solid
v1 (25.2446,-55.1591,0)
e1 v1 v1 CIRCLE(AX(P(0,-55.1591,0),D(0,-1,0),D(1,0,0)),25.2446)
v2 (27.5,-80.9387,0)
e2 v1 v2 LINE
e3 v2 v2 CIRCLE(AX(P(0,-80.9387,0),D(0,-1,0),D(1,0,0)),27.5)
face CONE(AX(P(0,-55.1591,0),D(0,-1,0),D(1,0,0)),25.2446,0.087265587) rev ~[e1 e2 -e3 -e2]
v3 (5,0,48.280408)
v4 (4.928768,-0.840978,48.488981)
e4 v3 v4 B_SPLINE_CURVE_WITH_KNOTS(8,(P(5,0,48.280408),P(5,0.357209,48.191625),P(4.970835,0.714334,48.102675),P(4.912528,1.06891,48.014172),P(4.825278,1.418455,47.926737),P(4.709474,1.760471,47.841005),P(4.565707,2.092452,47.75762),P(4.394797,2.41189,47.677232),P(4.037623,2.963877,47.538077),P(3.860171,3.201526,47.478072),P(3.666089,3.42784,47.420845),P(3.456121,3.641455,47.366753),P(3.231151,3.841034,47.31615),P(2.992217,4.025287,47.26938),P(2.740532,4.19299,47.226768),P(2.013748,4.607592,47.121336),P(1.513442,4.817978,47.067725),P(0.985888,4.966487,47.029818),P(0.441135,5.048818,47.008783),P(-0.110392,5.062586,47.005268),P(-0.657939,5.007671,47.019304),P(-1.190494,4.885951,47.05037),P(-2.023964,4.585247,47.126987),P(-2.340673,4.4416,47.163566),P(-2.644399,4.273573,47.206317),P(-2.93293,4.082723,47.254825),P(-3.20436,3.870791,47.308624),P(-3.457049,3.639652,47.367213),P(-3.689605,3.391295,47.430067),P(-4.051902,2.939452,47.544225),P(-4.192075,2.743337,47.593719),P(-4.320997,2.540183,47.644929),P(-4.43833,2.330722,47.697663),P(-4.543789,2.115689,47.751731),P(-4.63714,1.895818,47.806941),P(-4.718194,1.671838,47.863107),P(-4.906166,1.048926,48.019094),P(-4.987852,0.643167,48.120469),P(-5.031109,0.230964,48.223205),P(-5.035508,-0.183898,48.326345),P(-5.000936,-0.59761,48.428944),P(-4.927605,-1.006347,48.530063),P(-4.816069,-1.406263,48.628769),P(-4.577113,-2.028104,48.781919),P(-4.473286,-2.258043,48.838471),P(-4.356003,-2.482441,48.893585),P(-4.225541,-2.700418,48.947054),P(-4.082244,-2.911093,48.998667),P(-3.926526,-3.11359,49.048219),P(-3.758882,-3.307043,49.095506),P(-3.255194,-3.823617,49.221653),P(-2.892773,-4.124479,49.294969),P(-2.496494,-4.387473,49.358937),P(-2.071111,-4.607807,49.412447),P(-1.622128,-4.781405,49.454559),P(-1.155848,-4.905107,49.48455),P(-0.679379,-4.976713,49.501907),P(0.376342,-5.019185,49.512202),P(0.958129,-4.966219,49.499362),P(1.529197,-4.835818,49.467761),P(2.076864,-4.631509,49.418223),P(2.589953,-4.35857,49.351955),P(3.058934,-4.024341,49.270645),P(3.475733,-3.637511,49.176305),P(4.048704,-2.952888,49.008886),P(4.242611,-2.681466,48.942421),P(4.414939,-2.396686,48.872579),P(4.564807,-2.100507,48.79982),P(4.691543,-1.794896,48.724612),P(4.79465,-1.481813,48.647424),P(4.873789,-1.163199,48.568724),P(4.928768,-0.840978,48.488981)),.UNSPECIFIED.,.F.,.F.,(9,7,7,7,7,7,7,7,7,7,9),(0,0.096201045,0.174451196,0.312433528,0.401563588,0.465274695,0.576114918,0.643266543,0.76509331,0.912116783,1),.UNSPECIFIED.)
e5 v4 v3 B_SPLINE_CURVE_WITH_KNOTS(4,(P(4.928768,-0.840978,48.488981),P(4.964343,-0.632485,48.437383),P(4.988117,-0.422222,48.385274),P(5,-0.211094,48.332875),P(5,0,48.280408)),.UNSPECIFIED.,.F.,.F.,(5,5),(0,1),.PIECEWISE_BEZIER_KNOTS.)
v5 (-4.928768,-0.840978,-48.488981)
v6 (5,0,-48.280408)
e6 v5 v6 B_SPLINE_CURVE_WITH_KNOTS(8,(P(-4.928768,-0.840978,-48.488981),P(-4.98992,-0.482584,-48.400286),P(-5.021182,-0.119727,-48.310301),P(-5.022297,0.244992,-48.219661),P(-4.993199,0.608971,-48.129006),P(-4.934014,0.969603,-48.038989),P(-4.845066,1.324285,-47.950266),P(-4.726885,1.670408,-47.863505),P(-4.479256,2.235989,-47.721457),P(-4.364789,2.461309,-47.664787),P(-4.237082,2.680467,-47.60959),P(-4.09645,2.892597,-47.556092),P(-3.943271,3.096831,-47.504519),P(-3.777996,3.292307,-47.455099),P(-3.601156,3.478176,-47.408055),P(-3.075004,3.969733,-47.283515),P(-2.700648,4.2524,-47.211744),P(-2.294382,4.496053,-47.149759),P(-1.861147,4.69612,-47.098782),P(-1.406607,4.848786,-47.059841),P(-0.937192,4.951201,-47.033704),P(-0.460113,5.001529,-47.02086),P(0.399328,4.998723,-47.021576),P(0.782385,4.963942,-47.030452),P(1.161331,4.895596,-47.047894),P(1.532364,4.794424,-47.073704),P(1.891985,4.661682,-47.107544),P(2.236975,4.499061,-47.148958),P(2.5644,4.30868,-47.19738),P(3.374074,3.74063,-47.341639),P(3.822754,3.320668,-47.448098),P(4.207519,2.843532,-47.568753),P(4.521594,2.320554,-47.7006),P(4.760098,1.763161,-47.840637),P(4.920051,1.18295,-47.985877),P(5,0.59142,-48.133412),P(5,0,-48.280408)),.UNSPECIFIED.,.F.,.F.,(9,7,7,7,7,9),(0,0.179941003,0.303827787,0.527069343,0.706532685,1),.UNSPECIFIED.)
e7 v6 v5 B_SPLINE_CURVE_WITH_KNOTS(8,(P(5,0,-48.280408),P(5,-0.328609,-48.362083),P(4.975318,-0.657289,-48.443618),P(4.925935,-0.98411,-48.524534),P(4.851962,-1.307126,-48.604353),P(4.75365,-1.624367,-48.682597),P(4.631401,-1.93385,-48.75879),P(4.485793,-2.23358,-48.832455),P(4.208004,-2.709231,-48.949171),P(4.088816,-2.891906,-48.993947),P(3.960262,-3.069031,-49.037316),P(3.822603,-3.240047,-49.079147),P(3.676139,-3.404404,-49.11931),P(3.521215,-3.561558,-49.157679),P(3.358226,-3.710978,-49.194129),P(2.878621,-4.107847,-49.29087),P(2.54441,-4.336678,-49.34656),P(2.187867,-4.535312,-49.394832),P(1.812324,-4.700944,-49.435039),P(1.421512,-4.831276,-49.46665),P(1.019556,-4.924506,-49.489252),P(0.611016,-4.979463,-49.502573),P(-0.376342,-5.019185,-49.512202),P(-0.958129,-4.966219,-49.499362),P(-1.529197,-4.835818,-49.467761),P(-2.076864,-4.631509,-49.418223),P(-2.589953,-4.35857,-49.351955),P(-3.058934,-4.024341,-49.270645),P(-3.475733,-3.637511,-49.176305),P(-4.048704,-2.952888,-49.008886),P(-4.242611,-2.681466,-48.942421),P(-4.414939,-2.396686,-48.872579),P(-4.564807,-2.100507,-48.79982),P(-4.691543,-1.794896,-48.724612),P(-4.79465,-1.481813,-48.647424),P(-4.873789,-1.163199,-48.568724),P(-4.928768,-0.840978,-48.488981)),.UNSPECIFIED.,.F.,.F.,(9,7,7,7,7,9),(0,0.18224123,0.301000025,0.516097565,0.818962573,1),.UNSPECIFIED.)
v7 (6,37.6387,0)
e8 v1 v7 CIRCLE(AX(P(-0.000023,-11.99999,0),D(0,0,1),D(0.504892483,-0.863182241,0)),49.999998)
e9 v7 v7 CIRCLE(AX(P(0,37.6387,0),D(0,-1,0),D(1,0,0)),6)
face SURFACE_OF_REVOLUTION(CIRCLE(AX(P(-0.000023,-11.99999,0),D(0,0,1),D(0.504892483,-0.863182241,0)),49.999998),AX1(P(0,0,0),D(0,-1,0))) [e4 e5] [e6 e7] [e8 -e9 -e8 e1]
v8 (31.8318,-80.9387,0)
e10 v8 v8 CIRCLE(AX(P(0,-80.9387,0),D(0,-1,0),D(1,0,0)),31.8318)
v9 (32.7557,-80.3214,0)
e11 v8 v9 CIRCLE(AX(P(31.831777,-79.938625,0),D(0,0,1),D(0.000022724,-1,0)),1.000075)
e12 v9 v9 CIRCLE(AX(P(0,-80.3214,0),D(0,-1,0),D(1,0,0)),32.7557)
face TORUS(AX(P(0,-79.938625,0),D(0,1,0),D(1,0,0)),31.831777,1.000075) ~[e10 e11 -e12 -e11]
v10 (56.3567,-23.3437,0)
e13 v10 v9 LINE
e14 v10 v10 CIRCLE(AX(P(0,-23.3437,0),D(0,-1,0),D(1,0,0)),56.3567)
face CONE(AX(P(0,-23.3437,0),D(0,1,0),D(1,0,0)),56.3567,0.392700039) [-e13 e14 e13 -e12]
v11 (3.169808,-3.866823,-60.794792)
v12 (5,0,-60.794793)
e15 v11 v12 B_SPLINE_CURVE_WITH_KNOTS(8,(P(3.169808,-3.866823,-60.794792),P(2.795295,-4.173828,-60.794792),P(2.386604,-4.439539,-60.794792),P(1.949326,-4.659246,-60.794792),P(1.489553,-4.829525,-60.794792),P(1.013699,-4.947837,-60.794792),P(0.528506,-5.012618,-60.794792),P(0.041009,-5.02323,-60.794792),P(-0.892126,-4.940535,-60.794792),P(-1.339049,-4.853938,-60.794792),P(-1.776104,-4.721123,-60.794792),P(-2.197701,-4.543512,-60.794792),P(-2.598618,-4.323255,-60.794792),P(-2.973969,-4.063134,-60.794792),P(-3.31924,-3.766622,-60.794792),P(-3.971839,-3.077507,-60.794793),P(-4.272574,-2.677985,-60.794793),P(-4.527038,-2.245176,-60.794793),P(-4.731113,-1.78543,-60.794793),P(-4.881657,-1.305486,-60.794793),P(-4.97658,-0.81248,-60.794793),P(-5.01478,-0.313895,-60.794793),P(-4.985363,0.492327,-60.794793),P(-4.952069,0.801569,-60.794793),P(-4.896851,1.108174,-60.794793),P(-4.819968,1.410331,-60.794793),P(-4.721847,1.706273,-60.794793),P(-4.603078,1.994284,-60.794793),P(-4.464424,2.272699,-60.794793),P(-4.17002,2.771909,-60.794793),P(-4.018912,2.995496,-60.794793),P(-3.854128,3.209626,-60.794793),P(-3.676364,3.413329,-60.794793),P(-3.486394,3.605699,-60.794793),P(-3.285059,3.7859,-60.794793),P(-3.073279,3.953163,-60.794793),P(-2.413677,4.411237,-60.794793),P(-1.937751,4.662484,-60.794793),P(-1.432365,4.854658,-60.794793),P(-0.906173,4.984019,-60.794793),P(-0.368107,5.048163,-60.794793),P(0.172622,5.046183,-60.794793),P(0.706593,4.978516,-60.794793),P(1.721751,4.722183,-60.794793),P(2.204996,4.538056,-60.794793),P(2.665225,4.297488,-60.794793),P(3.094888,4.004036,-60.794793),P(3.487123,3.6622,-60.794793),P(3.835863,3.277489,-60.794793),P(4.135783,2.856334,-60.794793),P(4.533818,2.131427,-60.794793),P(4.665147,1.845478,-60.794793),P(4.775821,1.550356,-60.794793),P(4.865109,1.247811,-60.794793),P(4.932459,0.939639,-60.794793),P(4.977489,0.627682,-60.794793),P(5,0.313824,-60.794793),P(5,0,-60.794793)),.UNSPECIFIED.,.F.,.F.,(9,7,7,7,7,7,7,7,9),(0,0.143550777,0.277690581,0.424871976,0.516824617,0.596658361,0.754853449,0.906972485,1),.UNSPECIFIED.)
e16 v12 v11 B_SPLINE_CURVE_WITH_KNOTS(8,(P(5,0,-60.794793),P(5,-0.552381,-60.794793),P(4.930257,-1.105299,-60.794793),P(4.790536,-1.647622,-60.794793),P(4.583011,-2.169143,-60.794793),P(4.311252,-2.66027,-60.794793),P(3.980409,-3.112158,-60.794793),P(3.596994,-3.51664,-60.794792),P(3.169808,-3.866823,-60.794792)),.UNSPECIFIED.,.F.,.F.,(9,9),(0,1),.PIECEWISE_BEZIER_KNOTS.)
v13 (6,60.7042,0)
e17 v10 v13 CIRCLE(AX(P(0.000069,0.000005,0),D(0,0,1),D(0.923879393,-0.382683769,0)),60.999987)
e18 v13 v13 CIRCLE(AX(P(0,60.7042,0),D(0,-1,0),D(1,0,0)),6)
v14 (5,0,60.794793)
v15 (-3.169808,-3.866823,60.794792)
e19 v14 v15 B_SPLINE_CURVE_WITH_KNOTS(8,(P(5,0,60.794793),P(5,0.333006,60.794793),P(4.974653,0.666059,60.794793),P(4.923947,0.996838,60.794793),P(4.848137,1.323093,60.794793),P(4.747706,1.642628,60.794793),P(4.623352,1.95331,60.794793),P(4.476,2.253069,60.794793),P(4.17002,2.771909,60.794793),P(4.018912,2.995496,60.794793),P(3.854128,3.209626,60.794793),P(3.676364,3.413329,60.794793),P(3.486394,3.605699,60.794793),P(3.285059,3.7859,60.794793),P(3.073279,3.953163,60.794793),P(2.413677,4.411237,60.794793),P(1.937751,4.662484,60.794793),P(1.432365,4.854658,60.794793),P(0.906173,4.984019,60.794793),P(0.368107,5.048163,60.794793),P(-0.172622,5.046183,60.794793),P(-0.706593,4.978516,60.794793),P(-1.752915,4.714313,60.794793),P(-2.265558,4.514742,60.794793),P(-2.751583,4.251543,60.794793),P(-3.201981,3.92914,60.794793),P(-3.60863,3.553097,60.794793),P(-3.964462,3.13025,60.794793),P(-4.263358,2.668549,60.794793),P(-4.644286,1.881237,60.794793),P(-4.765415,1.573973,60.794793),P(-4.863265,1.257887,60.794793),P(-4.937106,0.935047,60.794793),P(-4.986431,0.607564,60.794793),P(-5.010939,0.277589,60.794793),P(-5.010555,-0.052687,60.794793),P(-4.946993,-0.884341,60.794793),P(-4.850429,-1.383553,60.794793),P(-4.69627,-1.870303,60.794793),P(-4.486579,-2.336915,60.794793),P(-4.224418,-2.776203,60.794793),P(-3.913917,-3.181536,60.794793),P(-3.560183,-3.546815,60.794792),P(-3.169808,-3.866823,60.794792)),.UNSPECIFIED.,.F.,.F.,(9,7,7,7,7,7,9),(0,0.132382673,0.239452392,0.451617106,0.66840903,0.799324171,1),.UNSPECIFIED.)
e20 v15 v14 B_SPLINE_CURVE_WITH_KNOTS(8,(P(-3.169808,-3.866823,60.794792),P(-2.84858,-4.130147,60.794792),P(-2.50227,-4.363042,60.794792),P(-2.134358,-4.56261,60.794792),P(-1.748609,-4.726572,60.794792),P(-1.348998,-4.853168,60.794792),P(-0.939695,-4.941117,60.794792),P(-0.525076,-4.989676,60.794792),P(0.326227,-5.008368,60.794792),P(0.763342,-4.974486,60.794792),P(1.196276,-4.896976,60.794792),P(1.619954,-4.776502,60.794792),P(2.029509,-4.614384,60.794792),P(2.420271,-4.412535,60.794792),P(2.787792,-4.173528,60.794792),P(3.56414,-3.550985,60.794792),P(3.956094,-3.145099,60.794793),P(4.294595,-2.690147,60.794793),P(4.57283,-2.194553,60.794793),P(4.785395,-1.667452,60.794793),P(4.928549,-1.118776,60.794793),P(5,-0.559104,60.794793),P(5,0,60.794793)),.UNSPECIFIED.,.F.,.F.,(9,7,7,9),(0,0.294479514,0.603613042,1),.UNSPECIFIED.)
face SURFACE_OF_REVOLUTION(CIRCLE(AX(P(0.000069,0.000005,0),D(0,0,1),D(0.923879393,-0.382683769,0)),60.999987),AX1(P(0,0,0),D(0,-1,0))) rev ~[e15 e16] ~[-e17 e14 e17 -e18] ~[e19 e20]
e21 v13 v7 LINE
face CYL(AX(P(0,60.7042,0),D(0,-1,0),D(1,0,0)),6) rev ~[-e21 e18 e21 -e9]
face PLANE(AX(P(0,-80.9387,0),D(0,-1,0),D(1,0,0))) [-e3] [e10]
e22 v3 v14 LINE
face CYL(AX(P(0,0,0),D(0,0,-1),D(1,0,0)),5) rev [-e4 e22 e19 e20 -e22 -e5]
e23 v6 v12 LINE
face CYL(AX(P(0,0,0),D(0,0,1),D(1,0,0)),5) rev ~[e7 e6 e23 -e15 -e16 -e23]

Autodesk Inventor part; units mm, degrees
ref_plane "YZ Plane" through (0, 0, 0) normal (1, 0, 0) x (0, 1, 0)
ref_plane "XZ Plane" through (0, 0, 0) normal (0, 1, 0) x (-1, 0, 0)
ref_plane "XY Plane" through (0, 0, 0) normal (0, 0, 1) x (1, 0, 0)
sketch "Skizze1" plane through (0, 0, 0) normal (0, 0, 1) x (1, 0, 0)
  line L0 (0, 104.266) -> (0, -111.9697) construction
  line L1 (-21.501, 0) -> (94.0062, 0) construction
  line L2 (6, 60.7042) -> (6, 37.6387)
  line L3 (25.2446, -55.1591) -> (27.5, -80.9387)
  line L4 (31.8318, -80.9387) -> (27.5, -80.9387)
  arc A0 (56.3567, -23.3437) -> (6, 60.7042) centre (0, 0) ccw
  line L5 (56.3567, -23.3437) -> (32.7557, -80.3214)
  arc A1 (31.8318, -80.9387) -> (32.7557, -80.3214) centre (31.8318, -79.9387) ccw
  circle A2 centre (0, 0) radius 5
  arc A3 (25.2446, -55.1591) -> (6, 37.6387) centre (0, -12) ccw
  line L6 (52.114, -33.5863) -> (46.194, -31.1342) construction
  point P0 (32.5, -80.9387)
  dimension "d3" = 6
  dimension "d12" = 5
  dimension "d15" = 5
  dimension "d16" = 27.5
  dimension "d17" = 1
  dimension "d18" = 10
  dimension "d68" = 100
  dimension "d69" = 12
  dimension "d71" = 25.7796
  dimension "d72" = 23.0655
  dimension "d73" = 22.5
  dimension "d76" = 61
  dimension "d77" = 6.4078
revolve "Umdrehung1" add sketch "Skizze1" angle 360 about axis through (0, 0, 0) along (0, -1, 0) contours A0 L5 A1 L4 L3 A3 L2
extrude "Extrusion1" cut sketch "Skizze1" along normal through all both and the other way through all contours A2
sketch "Skizze3" plane through (0, 0, 0) normal (0, 0, 1) x (1, 0, 0)
  point P0 (0, 0)
properties part number "FilmLamp" material "Beton"
